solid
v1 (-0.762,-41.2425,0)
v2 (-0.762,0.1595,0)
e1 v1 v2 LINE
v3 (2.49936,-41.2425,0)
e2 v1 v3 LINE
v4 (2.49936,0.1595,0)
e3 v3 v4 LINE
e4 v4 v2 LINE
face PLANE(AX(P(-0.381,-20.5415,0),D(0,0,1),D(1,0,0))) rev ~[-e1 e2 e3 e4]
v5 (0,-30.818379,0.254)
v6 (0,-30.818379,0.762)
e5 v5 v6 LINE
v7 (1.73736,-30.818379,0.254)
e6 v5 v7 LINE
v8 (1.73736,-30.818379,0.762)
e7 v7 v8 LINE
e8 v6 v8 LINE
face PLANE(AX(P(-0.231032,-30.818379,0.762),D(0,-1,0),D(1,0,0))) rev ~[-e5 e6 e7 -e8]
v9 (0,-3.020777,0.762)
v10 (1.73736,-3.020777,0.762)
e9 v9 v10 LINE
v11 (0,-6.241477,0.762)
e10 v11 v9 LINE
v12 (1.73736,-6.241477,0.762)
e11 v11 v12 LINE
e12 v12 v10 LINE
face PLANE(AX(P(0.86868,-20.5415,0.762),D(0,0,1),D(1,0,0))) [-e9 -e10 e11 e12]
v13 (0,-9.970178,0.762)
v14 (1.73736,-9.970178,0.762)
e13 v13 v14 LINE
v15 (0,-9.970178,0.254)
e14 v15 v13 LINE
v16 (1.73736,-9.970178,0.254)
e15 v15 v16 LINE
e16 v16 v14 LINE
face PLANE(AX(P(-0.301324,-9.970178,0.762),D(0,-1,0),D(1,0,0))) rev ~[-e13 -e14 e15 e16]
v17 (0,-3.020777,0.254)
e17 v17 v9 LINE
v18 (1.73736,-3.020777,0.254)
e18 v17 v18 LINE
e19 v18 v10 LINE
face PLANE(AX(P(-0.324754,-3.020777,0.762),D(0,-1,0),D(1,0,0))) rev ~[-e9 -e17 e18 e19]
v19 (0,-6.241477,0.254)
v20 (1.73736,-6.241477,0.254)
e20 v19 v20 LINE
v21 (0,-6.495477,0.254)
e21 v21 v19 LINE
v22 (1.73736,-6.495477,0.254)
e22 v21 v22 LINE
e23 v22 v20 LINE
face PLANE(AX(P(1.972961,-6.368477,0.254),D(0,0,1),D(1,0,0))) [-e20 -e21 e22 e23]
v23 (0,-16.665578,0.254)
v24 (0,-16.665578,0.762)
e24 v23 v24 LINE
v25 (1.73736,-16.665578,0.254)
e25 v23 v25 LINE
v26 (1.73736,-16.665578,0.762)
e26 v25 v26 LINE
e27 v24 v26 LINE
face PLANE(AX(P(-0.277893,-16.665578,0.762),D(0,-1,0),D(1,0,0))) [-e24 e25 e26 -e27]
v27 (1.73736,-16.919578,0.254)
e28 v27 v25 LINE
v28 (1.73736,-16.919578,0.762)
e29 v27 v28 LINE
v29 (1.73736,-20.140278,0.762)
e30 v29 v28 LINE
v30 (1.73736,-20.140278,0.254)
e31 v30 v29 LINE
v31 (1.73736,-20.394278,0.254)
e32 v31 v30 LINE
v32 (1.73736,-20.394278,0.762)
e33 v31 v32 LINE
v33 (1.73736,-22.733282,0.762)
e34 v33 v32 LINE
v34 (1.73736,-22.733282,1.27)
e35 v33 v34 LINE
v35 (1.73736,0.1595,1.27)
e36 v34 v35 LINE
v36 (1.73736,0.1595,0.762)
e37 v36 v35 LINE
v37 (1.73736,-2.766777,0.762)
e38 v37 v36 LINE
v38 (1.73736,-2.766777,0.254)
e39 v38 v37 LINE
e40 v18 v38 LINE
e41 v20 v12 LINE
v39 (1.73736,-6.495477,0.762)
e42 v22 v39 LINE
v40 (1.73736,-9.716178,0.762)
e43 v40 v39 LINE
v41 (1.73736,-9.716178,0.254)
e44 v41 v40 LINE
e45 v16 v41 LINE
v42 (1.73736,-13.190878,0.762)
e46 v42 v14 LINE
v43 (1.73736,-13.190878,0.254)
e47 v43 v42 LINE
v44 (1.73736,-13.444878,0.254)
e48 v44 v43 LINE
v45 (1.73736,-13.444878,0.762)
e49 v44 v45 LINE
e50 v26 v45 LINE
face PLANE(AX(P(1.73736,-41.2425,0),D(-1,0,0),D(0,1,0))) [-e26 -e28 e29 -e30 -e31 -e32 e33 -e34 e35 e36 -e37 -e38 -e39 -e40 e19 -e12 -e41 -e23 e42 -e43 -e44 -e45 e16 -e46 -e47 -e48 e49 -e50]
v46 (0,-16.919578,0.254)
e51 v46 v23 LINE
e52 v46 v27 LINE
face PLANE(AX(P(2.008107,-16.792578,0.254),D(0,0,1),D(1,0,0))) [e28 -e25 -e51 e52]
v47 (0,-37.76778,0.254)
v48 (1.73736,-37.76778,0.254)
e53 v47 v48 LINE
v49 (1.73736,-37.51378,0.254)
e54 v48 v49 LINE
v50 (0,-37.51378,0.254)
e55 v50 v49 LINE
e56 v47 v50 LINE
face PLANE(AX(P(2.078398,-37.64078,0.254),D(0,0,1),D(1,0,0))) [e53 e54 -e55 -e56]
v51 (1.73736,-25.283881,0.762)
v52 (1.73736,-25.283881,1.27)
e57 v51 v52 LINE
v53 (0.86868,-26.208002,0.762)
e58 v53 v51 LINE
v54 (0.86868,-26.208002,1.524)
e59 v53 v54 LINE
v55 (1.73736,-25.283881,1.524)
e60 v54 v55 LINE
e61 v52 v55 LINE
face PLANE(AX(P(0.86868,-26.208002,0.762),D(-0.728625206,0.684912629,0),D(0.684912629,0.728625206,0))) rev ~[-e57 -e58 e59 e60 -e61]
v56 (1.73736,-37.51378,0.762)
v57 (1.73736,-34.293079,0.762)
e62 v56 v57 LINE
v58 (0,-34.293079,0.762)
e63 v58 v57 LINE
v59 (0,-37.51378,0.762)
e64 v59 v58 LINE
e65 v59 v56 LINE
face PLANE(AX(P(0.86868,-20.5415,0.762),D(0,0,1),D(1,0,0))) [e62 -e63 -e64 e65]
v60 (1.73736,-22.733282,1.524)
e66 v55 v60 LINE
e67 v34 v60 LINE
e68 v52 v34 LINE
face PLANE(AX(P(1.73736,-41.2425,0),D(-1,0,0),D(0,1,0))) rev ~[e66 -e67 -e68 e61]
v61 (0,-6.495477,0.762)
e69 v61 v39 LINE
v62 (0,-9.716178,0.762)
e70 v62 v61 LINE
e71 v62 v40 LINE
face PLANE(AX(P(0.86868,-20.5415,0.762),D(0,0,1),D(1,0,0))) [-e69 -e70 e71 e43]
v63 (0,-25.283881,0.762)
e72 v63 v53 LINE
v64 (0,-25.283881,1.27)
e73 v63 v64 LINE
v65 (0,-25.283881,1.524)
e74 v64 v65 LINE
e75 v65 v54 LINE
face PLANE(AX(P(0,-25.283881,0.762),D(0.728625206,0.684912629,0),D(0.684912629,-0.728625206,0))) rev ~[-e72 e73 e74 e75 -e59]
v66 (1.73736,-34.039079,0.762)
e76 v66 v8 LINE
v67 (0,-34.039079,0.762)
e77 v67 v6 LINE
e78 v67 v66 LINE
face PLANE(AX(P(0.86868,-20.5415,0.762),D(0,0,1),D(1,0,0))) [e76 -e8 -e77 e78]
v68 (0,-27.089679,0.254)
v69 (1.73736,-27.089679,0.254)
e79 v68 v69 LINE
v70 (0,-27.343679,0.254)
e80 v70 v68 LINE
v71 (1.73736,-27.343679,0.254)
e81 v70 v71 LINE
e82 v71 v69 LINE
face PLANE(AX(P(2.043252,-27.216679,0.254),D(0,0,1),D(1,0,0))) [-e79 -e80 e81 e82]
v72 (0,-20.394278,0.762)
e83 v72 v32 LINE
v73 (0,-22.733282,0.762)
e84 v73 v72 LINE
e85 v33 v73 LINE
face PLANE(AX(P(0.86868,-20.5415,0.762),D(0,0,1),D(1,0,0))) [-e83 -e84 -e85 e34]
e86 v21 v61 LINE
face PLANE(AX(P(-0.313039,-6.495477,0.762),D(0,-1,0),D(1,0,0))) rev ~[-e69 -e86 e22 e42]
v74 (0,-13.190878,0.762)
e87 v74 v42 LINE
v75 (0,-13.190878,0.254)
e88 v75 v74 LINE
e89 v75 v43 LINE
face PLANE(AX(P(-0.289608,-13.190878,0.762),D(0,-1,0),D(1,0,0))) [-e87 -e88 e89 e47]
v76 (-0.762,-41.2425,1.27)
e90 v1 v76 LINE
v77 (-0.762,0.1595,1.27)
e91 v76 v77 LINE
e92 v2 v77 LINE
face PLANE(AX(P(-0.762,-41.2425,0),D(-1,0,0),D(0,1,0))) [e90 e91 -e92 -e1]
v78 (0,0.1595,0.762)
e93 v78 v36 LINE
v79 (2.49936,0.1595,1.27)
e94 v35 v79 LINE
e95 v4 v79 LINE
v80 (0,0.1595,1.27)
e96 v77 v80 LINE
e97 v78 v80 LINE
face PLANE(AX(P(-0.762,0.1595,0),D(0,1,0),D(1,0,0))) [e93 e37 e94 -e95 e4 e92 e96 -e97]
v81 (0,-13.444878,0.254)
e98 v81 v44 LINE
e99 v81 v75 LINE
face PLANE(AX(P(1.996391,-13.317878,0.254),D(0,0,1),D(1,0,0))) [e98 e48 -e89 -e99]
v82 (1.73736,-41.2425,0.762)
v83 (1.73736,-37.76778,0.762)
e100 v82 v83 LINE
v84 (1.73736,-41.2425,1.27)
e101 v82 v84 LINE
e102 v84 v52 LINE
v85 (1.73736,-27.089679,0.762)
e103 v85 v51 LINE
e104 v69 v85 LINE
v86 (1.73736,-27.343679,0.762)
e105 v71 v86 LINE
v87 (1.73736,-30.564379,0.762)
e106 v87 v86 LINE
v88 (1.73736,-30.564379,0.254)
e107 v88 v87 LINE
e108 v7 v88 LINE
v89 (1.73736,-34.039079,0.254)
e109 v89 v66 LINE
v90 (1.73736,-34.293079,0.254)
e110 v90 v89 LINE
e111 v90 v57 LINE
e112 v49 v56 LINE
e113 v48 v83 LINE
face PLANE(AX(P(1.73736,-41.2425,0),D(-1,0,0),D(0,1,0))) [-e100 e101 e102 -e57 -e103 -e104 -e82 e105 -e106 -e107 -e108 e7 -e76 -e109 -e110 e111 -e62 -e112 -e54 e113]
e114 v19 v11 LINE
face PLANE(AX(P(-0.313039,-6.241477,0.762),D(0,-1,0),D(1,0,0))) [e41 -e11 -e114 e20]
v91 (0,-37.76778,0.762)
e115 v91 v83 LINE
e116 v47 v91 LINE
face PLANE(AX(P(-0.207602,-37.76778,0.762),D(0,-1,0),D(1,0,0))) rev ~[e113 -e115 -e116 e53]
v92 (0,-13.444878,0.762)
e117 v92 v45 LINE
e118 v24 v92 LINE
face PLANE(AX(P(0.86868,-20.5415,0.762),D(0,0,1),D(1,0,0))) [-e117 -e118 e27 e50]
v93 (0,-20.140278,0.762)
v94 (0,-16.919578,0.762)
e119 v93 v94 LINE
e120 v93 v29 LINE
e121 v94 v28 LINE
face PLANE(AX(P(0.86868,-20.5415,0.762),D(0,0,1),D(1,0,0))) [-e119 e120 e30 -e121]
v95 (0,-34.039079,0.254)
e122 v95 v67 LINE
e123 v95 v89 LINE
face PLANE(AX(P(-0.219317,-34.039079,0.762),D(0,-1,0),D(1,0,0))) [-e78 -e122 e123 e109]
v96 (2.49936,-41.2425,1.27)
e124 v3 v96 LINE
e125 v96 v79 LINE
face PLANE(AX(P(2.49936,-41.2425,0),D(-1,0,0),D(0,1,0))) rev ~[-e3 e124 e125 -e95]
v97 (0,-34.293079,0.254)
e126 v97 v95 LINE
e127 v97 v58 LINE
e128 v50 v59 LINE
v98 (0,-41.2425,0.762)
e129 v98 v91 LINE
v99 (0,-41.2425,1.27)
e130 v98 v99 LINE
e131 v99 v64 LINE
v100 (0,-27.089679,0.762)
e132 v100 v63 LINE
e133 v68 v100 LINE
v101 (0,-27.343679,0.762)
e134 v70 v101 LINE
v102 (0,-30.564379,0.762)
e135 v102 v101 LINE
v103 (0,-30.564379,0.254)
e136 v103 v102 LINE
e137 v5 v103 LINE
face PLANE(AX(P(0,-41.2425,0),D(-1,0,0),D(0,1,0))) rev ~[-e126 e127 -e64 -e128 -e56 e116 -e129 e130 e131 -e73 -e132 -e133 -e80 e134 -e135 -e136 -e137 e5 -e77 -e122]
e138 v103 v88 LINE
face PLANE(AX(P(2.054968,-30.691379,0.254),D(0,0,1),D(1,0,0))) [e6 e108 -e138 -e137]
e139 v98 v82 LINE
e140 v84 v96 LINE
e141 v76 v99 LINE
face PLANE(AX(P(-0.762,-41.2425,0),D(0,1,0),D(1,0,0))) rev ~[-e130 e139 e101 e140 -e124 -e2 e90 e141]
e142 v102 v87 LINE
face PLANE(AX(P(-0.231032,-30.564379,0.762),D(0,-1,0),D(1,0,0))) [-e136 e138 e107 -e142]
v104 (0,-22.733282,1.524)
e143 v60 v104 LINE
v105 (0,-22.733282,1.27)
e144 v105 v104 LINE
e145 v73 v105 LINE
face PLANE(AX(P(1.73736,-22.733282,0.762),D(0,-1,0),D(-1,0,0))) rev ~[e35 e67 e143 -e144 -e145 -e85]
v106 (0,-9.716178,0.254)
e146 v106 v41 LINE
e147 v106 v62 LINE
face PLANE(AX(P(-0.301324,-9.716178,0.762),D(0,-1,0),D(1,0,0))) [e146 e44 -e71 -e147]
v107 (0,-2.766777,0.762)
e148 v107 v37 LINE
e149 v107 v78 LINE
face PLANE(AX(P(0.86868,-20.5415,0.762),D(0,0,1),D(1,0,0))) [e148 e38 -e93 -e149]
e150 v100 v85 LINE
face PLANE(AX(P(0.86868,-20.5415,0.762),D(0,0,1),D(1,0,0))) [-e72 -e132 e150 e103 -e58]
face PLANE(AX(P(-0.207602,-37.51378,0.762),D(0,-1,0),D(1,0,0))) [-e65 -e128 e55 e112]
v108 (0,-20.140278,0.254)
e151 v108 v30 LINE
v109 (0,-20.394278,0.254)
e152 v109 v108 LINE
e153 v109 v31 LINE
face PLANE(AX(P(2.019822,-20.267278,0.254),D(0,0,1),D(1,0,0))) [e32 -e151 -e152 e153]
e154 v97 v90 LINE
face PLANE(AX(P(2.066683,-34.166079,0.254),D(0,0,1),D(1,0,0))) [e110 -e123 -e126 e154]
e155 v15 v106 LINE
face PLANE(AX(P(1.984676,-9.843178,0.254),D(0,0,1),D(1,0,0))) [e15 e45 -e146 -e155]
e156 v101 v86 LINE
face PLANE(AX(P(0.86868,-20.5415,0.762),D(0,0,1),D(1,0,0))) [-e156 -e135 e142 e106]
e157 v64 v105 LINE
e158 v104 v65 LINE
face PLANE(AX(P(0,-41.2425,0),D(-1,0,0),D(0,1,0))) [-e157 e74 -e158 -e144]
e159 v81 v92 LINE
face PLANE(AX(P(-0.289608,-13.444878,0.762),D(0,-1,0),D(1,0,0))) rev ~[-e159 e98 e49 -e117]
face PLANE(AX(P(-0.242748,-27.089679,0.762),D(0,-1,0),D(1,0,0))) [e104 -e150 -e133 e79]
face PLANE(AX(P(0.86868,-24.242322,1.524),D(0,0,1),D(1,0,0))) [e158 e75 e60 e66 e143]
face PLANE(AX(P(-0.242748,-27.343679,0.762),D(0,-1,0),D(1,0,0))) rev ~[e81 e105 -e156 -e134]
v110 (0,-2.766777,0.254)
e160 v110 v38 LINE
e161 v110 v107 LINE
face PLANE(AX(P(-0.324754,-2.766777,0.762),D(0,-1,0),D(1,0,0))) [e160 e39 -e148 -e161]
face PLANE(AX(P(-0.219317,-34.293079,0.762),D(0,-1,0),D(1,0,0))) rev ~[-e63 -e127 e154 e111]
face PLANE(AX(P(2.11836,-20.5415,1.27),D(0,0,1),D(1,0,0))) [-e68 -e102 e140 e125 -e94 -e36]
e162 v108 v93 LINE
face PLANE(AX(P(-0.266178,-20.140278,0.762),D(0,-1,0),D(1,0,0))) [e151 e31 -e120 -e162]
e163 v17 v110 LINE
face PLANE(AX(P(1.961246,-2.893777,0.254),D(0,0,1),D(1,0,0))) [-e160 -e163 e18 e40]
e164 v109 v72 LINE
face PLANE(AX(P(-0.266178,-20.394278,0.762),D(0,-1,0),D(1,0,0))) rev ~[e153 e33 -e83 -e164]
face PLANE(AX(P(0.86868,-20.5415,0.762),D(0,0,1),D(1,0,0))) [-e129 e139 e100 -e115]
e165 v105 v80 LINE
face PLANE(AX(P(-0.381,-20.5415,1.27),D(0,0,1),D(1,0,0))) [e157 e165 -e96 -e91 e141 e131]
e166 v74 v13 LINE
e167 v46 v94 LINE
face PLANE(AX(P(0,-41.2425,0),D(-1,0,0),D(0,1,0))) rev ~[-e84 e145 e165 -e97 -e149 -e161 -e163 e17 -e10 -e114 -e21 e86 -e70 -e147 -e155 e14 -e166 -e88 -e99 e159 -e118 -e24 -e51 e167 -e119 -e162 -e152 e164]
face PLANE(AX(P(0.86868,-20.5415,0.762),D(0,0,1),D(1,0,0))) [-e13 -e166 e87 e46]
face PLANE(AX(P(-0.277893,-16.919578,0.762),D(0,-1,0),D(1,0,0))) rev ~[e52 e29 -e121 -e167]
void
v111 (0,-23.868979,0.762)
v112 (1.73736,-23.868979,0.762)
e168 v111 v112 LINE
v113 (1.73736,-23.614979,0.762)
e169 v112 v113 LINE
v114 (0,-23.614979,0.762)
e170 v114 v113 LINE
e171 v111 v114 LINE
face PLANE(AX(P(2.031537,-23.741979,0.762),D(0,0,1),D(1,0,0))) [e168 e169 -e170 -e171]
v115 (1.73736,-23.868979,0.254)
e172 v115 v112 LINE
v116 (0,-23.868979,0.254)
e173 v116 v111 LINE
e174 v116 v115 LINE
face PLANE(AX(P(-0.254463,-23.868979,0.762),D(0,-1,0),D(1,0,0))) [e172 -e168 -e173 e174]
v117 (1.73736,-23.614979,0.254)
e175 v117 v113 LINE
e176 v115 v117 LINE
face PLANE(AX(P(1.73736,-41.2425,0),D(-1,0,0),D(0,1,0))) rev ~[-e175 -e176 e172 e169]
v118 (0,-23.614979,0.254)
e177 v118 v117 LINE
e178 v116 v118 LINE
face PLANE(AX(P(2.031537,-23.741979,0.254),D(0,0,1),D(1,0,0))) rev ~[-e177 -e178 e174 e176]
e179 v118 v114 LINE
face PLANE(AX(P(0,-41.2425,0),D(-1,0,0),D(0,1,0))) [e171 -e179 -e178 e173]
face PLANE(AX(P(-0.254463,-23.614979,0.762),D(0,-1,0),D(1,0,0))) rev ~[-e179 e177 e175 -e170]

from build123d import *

# Parameters (mm, degrees)
F0_W     = 1.73736
F0_H     = 41.402
F1_DEPTH = 0.762
F3_DEPTH = 0.762
F4_W     = 4.572
F4_H     = 0.254
F4_W_2   = 4.571999
F5_DEPTH = 0.508
F6_W     = 0.762
F6_H     = 41.402
F7_DEPTH = 1.27


with BuildPart() as f1:
    # F0 (on Top) → F1 (new body)
    with BuildSketch(Plane.XY):
        with Locations((0.86868, -20.5415)):
            Rectangle(F0_W, F0_H)
    extrude(amount=F1_DEPTH)

    # F2 (on face) → F3 (join)
    with BuildSketch(Plane.XY.offset(0.762)):
        Polygon((0, -22.733282), (0, -25.283881), (0.86868, -26.208002), (1.73736, -25.283881), (1.73736, -22.733282), align=None)
    extrude(amount=F3_DEPTH)

    # F4 (on face) → F5 (cut)
    with BuildSketch(Plane.XY.offset(0.762)):
        with Locations((2.078398, -37.64078)):
            Rectangle(F4_W, F4_H)
        with Locations((2.066683, -34.166079)):
            Rectangle(F4_W, F4_H)
        with Locations((2.054968, -30.691379)):
            Rectangle(F4_W, F4_H)
        with Locations((2.043252, -27.216679)):
            Rectangle(F4_W_2, F4_H)
        with Locations((2.031537, -23.741979)):
            Rectangle(F4_W, F4_H)
        with Locations((2.019822, -20.267278)):
            Rectangle(F4_W, F4_H)
        with Locations((2.008107, -16.792578)):
            Rectangle(F4_W, F4_H)
        with Locations((1.996391, -13.317878)):
            Rectangle(F4_W_2, F4_H)
        with Locations((1.984676, -9.843178)):
            Rectangle(F4_W_2, F4_H)
        with Locations((1.972961, -6.368477)):
            Rectangle(F4_W, F4_H)
        with Locations((1.961246, -2.893777)):
            Rectangle(F4_W, F4_H)
    extrude(amount=-F5_DEPTH, mode=Mode.SUBTRACT)

    # F6 (on Top) → F7 (join)
    with BuildSketch(Plane.XY):
        with Locations((-0.381, -20.5415)):
            Rectangle(F6_W, F6_H)
        with Locations((2.11836, -20.5415)):
            Rectangle(F6_W, F6_H)
    extrude(amount=F7_DEPTH)


solid = f1.part
